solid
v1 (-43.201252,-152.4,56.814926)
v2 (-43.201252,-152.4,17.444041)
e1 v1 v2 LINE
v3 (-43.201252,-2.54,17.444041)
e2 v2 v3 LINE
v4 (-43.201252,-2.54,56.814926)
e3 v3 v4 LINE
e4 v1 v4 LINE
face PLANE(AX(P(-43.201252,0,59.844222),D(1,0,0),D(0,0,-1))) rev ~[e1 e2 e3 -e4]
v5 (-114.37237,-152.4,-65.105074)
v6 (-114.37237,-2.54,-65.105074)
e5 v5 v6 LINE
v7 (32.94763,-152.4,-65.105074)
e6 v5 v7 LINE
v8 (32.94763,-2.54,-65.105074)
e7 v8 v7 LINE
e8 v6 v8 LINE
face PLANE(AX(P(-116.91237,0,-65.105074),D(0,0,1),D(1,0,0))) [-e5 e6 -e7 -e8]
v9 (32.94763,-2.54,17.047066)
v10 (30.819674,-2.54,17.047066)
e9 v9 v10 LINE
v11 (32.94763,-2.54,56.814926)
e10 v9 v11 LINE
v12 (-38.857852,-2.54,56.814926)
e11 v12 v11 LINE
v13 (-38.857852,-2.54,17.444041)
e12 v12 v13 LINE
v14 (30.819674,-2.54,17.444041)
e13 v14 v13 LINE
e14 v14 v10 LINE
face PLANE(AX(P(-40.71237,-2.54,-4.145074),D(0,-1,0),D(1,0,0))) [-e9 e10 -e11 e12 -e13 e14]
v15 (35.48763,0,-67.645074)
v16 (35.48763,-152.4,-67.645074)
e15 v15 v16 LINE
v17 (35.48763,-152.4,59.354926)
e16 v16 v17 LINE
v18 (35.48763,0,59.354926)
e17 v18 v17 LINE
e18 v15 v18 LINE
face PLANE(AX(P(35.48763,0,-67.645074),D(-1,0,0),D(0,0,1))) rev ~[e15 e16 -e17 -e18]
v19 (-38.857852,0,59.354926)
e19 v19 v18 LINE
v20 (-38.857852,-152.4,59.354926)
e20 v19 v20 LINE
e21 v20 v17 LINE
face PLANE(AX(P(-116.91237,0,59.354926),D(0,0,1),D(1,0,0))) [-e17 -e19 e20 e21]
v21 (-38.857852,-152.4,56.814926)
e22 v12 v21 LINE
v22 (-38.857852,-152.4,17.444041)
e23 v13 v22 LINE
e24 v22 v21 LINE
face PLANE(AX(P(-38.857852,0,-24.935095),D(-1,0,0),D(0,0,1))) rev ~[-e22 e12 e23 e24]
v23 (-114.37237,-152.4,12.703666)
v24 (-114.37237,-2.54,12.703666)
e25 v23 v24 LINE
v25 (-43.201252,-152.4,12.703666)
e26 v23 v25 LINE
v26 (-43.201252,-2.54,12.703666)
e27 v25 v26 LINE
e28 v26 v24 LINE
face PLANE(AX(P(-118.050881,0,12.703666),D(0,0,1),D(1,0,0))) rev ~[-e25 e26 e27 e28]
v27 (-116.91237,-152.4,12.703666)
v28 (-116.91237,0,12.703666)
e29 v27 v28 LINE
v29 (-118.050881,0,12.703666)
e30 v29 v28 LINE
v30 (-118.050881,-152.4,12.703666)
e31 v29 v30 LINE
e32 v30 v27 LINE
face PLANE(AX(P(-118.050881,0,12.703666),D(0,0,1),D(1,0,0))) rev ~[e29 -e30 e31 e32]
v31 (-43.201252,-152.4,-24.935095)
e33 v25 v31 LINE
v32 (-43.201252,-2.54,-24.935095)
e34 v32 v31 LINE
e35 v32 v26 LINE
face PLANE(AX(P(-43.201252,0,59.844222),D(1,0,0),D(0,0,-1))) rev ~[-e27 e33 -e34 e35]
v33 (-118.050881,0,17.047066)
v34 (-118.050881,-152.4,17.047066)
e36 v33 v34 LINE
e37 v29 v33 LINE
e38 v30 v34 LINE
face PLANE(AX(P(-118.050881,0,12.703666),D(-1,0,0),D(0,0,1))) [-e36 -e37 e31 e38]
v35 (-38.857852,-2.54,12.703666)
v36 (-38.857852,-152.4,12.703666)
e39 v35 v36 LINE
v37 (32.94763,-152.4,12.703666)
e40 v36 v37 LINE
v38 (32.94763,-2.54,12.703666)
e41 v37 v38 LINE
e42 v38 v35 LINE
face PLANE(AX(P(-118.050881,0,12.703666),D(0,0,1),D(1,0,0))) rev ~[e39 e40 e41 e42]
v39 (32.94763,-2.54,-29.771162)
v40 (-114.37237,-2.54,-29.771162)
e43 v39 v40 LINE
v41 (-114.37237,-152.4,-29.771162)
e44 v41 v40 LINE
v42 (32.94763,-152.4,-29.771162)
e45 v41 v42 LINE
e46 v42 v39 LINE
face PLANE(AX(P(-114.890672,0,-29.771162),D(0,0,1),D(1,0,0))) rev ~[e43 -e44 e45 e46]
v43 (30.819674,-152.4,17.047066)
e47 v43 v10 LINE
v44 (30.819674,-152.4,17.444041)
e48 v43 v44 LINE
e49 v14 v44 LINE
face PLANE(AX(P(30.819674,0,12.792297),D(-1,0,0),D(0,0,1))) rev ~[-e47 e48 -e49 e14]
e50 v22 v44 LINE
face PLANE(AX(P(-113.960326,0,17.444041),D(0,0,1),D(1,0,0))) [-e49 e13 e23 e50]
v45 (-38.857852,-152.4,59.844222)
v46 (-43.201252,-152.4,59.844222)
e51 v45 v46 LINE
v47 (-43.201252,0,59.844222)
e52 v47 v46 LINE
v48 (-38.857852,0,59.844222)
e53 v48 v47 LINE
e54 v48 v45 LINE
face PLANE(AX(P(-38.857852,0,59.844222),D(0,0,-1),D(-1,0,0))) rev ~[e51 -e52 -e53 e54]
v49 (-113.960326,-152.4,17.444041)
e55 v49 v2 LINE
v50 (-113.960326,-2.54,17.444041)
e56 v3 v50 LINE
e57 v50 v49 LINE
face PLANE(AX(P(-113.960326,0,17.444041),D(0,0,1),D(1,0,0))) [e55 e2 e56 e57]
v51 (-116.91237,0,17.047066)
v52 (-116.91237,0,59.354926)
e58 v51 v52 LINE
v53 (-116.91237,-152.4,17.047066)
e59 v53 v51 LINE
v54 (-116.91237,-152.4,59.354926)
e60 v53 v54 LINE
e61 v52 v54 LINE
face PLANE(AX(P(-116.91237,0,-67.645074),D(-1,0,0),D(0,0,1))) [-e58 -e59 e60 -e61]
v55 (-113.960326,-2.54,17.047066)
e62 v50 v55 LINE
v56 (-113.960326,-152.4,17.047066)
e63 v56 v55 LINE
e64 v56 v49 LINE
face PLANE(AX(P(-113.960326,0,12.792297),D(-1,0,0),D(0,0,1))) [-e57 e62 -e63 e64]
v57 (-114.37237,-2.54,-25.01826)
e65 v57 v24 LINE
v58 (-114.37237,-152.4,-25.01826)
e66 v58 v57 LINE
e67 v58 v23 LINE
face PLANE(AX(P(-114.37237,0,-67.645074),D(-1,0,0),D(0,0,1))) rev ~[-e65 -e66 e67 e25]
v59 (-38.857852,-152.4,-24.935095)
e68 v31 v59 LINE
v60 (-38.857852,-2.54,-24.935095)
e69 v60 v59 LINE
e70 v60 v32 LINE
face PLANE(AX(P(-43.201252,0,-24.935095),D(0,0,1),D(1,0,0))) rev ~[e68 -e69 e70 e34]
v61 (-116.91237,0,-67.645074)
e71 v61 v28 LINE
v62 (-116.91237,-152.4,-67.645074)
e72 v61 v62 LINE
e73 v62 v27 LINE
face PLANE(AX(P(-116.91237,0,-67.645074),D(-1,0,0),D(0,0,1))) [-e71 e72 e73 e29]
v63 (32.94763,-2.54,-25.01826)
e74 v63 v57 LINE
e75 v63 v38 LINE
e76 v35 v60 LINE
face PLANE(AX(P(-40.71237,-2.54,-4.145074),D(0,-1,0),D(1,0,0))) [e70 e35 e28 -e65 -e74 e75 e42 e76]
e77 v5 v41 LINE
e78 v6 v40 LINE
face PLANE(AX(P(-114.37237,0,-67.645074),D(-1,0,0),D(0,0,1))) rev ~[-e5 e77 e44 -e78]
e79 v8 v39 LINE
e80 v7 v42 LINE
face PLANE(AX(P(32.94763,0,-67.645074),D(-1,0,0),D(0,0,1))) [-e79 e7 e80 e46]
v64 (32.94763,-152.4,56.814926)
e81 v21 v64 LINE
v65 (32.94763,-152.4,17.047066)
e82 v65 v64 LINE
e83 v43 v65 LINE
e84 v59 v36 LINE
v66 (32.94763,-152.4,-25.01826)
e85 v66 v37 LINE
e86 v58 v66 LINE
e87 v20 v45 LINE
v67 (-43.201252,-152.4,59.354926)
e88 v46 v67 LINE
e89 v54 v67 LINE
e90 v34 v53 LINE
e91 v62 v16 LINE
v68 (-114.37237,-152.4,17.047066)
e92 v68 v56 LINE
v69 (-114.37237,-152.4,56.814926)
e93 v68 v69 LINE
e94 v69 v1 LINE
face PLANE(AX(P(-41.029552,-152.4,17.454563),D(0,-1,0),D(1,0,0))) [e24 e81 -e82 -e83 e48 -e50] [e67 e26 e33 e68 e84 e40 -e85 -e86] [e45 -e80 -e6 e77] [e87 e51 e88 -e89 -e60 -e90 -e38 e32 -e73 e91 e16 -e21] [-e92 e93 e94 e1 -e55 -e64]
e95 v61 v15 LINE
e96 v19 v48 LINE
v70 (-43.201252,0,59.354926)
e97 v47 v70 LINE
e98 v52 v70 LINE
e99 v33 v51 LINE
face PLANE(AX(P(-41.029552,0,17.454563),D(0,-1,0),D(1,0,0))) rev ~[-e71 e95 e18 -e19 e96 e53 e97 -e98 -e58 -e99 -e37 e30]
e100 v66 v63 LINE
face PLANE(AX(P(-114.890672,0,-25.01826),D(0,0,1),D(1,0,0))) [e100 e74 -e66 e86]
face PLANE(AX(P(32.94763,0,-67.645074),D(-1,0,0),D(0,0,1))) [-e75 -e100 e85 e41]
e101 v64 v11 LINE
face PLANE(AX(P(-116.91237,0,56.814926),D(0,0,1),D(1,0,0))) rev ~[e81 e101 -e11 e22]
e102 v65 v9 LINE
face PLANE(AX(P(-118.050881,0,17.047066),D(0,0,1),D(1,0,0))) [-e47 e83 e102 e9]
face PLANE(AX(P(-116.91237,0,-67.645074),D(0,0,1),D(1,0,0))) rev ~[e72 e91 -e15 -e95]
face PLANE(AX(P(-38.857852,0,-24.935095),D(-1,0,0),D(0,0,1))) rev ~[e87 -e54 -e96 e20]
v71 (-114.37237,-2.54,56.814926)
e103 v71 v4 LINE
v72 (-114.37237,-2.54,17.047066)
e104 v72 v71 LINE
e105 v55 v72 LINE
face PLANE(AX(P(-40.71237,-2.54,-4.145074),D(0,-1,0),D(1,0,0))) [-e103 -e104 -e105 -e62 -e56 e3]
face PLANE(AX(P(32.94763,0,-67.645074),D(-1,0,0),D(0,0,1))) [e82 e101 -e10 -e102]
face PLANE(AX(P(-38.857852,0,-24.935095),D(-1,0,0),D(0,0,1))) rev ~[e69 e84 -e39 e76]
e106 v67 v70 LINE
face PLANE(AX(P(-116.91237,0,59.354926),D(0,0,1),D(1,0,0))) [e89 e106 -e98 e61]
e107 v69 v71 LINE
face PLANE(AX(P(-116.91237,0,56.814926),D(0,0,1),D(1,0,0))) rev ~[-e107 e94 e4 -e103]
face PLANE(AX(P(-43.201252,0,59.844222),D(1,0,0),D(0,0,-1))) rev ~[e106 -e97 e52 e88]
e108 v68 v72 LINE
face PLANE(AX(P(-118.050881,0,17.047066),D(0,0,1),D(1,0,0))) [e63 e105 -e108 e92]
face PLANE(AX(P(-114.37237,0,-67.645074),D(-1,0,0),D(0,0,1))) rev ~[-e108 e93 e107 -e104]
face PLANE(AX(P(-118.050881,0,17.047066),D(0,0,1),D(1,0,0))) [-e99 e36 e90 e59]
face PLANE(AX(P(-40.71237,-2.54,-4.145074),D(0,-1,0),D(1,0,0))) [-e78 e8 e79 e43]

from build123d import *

# Parameters (mm, degrees)
F0_W     = 152.4
F0_H     = 127
F1_DEPTH = 152.4
F2_T     = -2.54
F3_W     = 144.78
F3_H     = 4.651744
F3_W_2   = 149.86
F3_H_2   = 4.752902
F4_DEPTH = 152.4
F5_W     = 152.4
F5_H     = 4.3434
F6_DEPTH = 152.4
F8_DEPTH = 152.4


with BuildPart() as f1:
    # F0 (on Front) → F1 (new body)
    with BuildSketch(Plane.XZ):
        with Locations((-40.71237, -4.145074)):
            Rectangle(F0_W, F0_H)
    extrude(amount=F1_DEPTH)

    # F2
    f2_openings = [f1.faces().sort_by_distance(p)[0] for p in [
        (-40.71237, -152.4, -4.145074),
    ]]
    offset(amount=F2_T, openings=f2_openings)

    # F3 (on Front) → F4 (join)
    with BuildSketch(Plane.XZ):
        with Locations((-41.570326, 15.118169)):
            Rectangle(F3_W, F3_H)
        with Locations((-39.960672, -27.394711)):
            Rectangle(F3_W_2, F3_H_2)
    extrude(amount=F4_DEPTH)

    # F5 (on Front) → F6 (join)
    with BuildSketch(Plane.XZ):
        with Locations((-41.850881, 14.875366)):
            Rectangle(F5_W, F5_H)
    extrude(amount=F6_DEPTH)

    # F7 (on Front) → F8 (join)
    with BuildSketch(Plane.XZ):
        Polygon((-38.857852, 59.844222), (-41.029552, 59.844222), (-43.201252, 59.844222), (-43.201252, -24.935095), (-38.857852, -24.935095), align=None)
    extrude(amount=F8_DEPTH)


solid = f1.part
